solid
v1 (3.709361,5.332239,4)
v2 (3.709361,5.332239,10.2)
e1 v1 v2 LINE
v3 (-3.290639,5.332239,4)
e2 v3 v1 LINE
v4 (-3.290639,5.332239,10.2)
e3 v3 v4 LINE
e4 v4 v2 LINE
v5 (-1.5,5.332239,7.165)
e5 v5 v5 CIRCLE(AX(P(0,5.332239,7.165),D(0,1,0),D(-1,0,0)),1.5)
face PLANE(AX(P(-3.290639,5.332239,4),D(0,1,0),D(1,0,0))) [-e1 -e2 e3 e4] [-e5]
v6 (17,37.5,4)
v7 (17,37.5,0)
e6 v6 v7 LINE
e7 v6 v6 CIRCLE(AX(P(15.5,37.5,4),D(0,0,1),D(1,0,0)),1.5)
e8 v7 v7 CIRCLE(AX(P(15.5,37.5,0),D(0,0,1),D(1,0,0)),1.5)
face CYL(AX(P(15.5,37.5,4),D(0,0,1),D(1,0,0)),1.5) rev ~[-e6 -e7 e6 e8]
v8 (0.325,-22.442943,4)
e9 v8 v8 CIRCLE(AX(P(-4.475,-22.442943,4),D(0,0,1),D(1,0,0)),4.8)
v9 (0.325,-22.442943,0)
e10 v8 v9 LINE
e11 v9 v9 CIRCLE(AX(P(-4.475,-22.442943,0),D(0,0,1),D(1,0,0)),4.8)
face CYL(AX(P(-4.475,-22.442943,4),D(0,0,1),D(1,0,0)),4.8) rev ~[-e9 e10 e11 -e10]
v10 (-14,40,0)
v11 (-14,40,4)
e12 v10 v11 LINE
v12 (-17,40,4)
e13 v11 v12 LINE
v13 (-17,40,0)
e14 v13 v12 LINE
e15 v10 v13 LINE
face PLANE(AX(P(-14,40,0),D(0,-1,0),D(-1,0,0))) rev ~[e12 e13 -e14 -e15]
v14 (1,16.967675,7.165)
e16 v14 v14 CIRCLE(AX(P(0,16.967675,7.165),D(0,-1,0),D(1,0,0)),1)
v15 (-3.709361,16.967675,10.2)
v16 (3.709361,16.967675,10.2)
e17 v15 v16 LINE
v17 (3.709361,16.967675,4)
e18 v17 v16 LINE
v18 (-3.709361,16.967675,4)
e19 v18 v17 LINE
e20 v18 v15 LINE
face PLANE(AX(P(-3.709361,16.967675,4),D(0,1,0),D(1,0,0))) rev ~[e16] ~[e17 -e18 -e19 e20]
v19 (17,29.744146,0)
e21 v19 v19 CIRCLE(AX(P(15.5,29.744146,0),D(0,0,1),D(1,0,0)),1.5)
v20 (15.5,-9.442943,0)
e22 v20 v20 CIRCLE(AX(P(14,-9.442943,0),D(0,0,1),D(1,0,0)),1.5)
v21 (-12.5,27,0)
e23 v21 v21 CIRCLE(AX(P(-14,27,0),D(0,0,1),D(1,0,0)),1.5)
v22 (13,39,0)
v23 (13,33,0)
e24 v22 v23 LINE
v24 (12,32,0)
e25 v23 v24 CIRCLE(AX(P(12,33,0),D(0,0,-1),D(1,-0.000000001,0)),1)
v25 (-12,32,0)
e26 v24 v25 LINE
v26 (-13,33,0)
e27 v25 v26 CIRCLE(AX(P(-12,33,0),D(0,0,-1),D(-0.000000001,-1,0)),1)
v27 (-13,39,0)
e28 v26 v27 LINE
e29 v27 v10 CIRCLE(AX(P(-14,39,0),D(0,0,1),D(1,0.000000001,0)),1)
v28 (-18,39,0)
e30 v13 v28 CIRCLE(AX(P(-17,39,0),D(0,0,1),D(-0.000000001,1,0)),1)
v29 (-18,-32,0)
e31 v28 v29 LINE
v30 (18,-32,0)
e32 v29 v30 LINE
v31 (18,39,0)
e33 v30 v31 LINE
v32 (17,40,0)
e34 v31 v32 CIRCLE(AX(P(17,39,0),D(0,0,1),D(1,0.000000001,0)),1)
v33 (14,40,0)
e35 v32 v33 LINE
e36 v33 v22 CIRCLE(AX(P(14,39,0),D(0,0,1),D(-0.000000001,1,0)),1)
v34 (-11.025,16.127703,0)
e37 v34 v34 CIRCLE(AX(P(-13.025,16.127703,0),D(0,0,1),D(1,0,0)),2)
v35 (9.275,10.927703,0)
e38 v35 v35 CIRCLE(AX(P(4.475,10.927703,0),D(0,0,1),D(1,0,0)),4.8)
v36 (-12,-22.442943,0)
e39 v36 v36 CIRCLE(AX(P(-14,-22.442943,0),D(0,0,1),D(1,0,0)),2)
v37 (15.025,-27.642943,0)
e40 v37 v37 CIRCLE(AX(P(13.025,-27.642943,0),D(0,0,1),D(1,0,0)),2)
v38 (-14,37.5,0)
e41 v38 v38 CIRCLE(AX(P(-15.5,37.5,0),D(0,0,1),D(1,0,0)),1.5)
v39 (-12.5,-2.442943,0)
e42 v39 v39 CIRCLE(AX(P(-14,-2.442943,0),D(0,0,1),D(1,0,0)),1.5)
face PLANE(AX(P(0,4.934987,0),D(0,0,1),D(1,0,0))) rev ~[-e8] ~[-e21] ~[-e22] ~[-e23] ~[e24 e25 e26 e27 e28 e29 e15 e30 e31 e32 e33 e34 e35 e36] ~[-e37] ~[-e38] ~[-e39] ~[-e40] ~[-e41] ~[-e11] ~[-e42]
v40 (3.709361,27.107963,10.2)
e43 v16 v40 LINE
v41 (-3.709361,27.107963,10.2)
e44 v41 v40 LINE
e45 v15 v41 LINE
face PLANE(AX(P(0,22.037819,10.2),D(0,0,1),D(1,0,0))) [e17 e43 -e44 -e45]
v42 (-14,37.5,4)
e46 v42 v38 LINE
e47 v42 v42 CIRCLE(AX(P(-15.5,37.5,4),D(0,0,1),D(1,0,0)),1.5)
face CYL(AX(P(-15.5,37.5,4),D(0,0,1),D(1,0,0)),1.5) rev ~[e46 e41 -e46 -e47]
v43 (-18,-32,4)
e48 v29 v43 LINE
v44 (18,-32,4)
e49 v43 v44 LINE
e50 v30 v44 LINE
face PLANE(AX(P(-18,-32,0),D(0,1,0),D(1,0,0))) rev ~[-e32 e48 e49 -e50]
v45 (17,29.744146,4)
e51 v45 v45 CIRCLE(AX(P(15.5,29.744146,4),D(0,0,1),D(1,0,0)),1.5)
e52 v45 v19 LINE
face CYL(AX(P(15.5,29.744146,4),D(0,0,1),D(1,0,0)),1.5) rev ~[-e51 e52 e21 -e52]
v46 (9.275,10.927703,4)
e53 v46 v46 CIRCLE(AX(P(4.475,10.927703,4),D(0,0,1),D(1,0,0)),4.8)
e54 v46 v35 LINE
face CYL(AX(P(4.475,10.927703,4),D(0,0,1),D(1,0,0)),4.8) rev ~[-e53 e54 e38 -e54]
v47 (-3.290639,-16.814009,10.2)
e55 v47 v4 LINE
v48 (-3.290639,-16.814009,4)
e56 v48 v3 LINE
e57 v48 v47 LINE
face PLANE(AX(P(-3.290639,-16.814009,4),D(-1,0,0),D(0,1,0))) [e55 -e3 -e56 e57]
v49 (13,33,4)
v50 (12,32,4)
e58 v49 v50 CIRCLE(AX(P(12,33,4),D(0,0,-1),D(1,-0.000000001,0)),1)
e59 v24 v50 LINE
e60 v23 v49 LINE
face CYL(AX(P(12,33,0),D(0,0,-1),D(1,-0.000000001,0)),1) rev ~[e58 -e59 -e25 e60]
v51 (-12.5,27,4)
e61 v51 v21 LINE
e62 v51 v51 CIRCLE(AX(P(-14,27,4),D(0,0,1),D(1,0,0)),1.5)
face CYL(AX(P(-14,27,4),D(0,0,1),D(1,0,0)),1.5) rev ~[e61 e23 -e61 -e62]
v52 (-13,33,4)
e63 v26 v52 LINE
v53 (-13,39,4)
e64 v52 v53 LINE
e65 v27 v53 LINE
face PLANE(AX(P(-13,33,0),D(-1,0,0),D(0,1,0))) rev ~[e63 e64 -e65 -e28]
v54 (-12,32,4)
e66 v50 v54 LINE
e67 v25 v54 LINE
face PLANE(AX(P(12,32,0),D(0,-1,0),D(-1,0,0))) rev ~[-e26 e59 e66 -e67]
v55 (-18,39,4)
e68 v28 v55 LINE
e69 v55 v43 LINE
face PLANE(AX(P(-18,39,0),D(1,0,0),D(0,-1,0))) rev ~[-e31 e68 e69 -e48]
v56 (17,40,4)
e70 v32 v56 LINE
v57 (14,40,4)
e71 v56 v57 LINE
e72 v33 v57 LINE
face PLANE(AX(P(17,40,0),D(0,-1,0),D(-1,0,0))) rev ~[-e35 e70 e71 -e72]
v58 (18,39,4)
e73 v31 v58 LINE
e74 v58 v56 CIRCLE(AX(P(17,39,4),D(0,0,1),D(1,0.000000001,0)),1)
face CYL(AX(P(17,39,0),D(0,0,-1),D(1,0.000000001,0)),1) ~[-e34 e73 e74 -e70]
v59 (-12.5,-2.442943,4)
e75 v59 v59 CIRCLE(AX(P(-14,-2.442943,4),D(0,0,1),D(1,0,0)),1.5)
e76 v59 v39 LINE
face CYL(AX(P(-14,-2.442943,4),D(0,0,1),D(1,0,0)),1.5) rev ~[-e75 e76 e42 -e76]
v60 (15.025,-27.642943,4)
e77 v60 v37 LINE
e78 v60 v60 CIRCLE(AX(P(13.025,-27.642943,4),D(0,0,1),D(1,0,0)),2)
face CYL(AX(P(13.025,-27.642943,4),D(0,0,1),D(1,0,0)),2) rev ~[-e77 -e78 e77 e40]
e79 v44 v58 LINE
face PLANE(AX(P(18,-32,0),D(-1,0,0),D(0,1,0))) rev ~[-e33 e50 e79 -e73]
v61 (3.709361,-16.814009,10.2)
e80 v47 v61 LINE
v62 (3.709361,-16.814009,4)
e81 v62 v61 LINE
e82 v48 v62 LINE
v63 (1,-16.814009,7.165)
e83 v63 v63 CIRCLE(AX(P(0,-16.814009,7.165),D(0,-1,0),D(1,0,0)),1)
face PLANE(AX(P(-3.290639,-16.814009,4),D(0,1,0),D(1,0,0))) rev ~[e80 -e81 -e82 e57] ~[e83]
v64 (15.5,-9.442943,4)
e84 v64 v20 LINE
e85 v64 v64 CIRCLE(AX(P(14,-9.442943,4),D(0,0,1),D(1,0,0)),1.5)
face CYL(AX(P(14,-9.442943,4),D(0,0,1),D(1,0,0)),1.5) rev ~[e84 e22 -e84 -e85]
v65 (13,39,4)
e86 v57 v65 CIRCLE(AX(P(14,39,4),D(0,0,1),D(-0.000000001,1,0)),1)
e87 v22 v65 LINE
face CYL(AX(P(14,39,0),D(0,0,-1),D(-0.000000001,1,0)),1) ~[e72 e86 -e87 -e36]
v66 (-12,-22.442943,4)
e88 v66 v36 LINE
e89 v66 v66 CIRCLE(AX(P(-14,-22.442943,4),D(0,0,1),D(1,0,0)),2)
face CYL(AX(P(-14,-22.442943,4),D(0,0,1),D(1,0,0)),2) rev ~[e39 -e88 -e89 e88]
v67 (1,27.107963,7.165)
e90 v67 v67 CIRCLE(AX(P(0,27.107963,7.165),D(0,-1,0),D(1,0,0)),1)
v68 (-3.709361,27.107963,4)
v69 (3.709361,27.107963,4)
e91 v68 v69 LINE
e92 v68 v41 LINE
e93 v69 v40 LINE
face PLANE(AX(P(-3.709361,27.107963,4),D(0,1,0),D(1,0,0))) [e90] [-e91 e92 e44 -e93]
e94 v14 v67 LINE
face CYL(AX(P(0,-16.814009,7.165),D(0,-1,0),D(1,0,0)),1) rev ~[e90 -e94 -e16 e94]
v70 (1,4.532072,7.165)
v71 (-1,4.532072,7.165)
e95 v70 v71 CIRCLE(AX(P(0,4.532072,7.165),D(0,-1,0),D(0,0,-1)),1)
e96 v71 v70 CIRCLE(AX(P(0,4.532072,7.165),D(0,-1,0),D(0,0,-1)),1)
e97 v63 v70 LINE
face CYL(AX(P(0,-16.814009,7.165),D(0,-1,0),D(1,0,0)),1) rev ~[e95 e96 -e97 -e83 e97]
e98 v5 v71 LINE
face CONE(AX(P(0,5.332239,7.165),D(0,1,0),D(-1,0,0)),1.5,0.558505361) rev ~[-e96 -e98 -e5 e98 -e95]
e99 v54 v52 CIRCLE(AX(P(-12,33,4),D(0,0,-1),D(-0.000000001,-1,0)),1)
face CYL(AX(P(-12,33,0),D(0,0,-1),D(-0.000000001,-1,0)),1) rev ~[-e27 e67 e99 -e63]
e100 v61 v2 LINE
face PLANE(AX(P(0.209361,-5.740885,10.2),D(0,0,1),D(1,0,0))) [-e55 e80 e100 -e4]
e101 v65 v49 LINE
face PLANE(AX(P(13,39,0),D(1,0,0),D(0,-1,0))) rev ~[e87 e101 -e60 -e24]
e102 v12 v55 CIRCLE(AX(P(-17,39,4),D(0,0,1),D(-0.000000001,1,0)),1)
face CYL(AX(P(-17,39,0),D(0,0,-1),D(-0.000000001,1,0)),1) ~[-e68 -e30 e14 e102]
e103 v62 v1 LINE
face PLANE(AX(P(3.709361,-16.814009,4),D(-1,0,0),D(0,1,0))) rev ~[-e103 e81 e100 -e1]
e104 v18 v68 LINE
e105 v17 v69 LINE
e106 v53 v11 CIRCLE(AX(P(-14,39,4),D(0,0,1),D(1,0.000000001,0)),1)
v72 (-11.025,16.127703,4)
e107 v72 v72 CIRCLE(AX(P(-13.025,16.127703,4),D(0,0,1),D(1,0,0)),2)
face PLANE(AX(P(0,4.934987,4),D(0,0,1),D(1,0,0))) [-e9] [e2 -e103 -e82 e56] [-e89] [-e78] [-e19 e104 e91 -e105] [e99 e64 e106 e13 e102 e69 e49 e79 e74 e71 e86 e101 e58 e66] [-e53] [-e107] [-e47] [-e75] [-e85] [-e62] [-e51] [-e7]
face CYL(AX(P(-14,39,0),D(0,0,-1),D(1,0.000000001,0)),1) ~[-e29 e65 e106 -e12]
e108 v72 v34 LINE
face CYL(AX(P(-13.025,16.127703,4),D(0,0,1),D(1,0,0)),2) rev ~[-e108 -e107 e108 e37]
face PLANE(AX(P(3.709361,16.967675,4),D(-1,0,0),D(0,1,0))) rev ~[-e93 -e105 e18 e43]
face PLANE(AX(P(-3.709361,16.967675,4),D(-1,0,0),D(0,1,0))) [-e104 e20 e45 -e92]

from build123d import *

# Parameters (mm, degrees)
BOSS_EXTRUDE1_DEPTH = 4
SKETCH2_R           = 1.5
SKETCH2_R_2         = 4.8
SKETCH2_R_3         = 2
CUT_EXTRUDE1_DEPTH  = 10
SKETCH3_W           = 7
SKETCH3_H           = 22.146248503
SKETCH3_W_2         = 7.418721668
SKETCH3_H_2         = 10.140288501
BOSS_EXTRUDE2_DEPTH = 6.2
SKETCH4_R           = 1
CUT_EXTRUDE2_DEPTH  = 70
SKETCH5_R           = 1.5
CUT_EXTRUDE3_DEPTH  = 3
CUT_EXTRUDE3_DRAFT  = -32


with BuildPart() as part:
    # Sketch1 → Boss-Extrude1 (new body)
    with BuildSketch(Plane.XY):
        with BuildLine():
            Line((18, 32), (18, 39))
            ThreePointArc((18, 39), (17.707106781, 39.707106781), (17, 40))
            Line((17, 40), (14, 40))
            ThreePointArc((14, 40), (13.292893219, 39.707106781), (13, 39))
            Line((13, 39), (13, 33))
            ThreePointArc((13, 33), (12.707106781, 32.292893219), (12, 32))
            Line((12, 32), (-12, 32))
            ThreePointArc((-12, 32), (-12.707106781, 32.292893219), (-13, 33))
            Line((-13, 33), (-13, 39))
            ThreePointArc((-13, 39), (-13.292893219, 39.707106781), (-14, 40))
            Line((-14, 40), (-17, 40))
            ThreePointArc((-17, 40), (-17.707106781, 39.707106781), (-18, 39))
            Line((-18, 39), (-18, 32))
            Line((-18, 32), (-18, -32))
            Line((-18, -32), (18, -32))
            Line((18, -32), (18, 32))
        make_face()
    extrude(amount=BOSS_EXTRUDE1_DEPTH)

    # Sketch2 → Cut-Extrude1 (cut)
    with BuildSketch(Plane.XY.offset(4)):
        with Locations((15.5, 29.744145571)):
            Circle(SKETCH2_R)
        with Locations((-14, 27)):
            Circle(SKETCH2_R)
        with Locations((4.475, 10.927702889)):
            Circle(SKETCH2_R_2)
        with Locations((-14, -2.442942894)):
            Circle(SKETCH2_R)
        with Locations((14, -9.442942894)):
            Circle(SKETCH2_R)
        with Locations((-4.475, -22.442942894)):
            Circle(SKETCH2_R_2)
        with Locations((13.025, -27.642942894)):
            Circle(SKETCH2_R_3)
        with Locations((-14, -22.442942894)):
            Circle(SKETCH2_R_3)
        with Locations((-13.025, 16.127702889)):
            Circle(SKETCH2_R_3)
        with Locations((15.5, 37.5)):
            Circle(SKETCH2_R)
        with Locations((-15.5, 37.5)):
            Circle(SKETCH2_R)
    extrude(amount=-CUT_EXTRUDE1_DEPTH, mode=Mode.SUBTRACT)

    # Sketch3 → Boss-Extrude2 (add)
    with BuildSketch(Plane.XY.offset(4)):
        with Locations((0.209360834, -5.740885149)):
            Rectangle(SKETCH3_W, SKETCH3_H)
        with Locations((0, 22.037818849)):
            Rectangle(SKETCH3_W_2, SKETCH3_H_2)
    extrude(amount=BOSS_EXTRUDE2_DEPTH)

    # Sketch4 → Cut-Extrude2 (cut)
    with BuildSketch(Plane.XZ.offset(16.8140094)):
        with Locations((0, 7.165)):
            Circle(SKETCH4_R)
    extrude(amount=-CUT_EXTRUDE2_DEPTH, mode=Mode.SUBTRACT)


with BuildPart() as cut_extrude3_tool:
    # Sketch5 → Cut-Extrude3 (with draft: the straight prism first)
    with BuildSketch(Plane(origin=(0, 5.332239103, 0), x_dir=(-1, 0, 0), z_dir=(0, 1, 0))):
        with Locations((0, 7.165)):
            Circle(SKETCH5_R)
    extrude(amount=-CUT_EXTRUDE3_DEPTH)
    # Cut-Extrude3: the draft: its side faces are tilted about the plane it starts from
    cut_extrude3_sides = [cut_extrude3_tool.faces().sort_by_distance(p)[0] for p in [
        (1.5, 3.832239103, 7.165),
    ]]
    draft(cut_extrude3_sides, Plane(origin=(0, 5.332239103, 0), x_dir=(-1, 0, 0), z_dir=(0, 1, 0)), CUT_EXTRUDE3_DRAFT)


with BuildPart() as part_1:
    add(part.part)

    # Cut-Extrude3: cut by cut_extrude3_tool
    add(cut_extrude3_tool.part, mode=Mode.SUBTRACT)


solid = part_1.part
